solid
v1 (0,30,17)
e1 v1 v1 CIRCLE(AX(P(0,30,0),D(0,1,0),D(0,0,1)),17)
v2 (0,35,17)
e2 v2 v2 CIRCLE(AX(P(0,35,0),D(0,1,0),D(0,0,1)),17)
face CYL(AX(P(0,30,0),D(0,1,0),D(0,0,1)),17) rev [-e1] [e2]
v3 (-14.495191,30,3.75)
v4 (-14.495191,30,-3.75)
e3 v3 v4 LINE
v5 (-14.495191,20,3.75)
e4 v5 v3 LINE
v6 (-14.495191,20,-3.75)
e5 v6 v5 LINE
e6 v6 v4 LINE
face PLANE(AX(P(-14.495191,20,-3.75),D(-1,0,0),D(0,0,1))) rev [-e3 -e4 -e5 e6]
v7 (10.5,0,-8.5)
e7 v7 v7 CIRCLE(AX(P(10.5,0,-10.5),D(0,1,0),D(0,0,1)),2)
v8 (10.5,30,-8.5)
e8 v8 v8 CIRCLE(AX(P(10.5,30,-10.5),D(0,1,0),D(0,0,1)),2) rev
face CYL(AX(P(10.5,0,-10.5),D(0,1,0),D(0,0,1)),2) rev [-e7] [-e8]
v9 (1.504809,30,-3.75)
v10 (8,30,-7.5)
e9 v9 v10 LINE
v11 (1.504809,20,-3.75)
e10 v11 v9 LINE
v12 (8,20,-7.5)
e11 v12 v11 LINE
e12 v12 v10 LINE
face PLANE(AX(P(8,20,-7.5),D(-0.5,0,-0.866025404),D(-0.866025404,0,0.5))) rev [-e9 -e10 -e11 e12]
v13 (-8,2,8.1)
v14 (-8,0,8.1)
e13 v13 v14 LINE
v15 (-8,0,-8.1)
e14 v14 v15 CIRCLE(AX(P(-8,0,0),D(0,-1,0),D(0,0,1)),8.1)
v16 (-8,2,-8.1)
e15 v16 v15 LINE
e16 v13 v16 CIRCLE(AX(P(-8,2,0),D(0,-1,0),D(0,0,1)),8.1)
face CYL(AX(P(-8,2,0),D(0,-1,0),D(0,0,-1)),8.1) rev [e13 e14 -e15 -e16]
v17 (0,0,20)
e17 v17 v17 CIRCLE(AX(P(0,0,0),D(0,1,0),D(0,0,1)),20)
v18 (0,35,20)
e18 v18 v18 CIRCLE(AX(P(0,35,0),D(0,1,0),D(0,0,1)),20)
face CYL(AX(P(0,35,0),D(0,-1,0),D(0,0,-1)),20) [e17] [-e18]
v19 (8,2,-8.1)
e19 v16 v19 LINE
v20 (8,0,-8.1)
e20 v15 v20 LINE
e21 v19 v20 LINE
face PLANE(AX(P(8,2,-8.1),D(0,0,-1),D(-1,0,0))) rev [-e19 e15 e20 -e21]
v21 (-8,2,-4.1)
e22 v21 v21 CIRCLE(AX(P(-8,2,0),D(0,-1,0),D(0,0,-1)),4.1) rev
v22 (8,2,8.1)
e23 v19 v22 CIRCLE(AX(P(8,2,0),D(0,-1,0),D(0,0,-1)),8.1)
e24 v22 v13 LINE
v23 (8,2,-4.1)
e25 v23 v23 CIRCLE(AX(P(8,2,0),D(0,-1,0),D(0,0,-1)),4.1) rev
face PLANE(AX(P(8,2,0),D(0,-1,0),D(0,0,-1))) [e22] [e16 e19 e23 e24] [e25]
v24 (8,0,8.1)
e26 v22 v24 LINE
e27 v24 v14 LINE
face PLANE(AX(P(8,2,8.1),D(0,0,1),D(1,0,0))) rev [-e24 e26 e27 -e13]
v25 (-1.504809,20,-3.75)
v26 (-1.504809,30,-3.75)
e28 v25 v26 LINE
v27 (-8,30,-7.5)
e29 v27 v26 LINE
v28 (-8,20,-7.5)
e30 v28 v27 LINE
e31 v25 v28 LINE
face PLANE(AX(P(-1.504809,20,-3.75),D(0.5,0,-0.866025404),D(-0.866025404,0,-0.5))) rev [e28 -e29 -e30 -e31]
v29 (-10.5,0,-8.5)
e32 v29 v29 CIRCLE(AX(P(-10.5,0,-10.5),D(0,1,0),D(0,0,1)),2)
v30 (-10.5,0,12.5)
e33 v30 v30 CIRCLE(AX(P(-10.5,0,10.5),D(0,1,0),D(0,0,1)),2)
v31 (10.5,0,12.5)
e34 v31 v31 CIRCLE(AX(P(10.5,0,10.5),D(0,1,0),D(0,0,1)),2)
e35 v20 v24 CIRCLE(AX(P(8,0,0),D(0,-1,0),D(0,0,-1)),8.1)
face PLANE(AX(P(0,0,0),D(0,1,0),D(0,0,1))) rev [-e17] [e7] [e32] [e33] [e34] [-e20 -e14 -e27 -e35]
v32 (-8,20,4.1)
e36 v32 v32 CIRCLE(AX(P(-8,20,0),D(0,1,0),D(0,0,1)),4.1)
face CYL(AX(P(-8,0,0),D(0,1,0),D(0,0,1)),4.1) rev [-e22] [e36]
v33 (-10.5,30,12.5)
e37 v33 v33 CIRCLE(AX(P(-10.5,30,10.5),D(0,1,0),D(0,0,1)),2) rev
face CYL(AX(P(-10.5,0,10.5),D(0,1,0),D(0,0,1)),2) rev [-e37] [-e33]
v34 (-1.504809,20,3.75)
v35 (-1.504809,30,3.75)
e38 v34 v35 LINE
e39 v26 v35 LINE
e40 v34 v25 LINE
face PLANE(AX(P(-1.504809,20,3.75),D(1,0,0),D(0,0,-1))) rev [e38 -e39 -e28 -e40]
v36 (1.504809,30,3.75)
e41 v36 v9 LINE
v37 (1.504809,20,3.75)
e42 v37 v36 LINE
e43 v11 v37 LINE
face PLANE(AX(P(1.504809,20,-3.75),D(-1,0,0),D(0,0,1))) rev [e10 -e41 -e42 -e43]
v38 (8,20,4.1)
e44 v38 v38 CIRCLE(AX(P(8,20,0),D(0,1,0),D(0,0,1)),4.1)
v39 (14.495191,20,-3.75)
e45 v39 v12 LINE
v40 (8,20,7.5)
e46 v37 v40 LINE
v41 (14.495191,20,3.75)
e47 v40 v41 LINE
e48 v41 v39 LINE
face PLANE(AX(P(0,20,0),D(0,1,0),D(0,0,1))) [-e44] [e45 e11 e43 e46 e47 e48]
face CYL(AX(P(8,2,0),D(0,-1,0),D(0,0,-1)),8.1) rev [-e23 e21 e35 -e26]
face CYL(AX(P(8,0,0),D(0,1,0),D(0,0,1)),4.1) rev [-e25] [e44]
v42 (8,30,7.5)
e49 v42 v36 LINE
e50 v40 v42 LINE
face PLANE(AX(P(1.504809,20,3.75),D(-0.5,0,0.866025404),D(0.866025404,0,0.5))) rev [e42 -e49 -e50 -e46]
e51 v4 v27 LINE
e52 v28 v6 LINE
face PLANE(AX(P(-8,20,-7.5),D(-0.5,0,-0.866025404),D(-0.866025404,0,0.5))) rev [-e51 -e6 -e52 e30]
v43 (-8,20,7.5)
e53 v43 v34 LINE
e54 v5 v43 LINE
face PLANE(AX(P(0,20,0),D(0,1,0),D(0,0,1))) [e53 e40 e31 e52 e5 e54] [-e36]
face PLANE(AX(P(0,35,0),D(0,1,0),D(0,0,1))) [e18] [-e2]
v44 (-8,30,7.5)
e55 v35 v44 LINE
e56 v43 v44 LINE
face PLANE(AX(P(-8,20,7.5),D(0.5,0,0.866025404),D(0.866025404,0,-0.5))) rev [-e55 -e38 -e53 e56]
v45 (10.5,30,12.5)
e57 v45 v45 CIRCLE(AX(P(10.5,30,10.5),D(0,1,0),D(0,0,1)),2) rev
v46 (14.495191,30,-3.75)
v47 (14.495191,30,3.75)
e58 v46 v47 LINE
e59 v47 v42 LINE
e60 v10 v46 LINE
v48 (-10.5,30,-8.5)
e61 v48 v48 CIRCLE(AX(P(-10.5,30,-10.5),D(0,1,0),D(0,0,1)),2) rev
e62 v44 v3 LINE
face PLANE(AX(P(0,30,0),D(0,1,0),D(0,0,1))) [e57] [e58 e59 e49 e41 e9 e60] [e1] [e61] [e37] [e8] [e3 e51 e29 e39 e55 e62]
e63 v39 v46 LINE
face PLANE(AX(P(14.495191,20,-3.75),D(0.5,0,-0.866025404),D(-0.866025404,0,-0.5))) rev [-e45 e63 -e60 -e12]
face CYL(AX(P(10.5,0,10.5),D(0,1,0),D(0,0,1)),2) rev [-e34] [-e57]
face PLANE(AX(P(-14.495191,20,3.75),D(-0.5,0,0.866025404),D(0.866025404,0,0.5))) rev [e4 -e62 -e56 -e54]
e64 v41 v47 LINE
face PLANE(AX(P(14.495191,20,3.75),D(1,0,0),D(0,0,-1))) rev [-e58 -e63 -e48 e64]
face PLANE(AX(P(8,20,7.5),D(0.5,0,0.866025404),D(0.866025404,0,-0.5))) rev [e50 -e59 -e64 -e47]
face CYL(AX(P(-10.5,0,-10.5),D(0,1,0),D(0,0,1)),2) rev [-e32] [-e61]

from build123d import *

# Parameters (mm, degrees)
SKETCH1_R           = 20
BOSS_EXTRUDE1_DEPTH = 35
CUT_EXTRUDE1_DEPTH  = 15
SKETCH3_R           = 4.1
CUT_EXTRUDE2_DEPTH  = 21
SKETCH4_R           = 2
CUT_EXTRUDE3_DEPTH  = 36
SKETCH5_R           = 17
CUT_EXTRUDE4_DEPTH  = 5
CUT_EXTRUDE5_DEPTH  = 2


with BuildPart() as part:
    # Sketch1 → Boss-Extrude1 (new body)
    with BuildSketch(Plane(origin=(0, 0, 0), x_dir=(1, 0, 0), z_dir=(0, 1, 0))):
        Circle(SKETCH1_R)
    extrude(amount=BOSS_EXTRUDE1_DEPTH)

    # Sketch2 → Cut-Extrude1 (cut)
    with BuildSketch(Plane(origin=(0, 35, 0), x_dir=(1, 0, 0), z_dir=(0, 1, 0))):
        Polygon((-8, 7.5), (-14.495190528, 3.75), (-14.495190528, -3.75), (-8, -7.5), (-1.504809472, -3.75), (-1.504809472, 3.75), align=None)
        Polygon((8, 7.5), (1.504809472, 3.75), (1.504809472, -3.75), (8, -7.5), (14.495190528, -3.75), (14.495190528, 3.75), align=None)
    extrude(amount=-CUT_EXTRUDE1_DEPTH, mode=Mode.SUBTRACT)

    # Sketch3 → Cut-Extrude2 (cut, through all)
    with BuildSketch(Plane(origin=(0, 20, 0), x_dir=(1, 0, 0), z_dir=(0, 1, 0))):
        with Locations((-8, 0)):
            Circle(SKETCH3_R)
        with Locations((8, 0)):
            Circle(SKETCH3_R)
    extrude(amount=-CUT_EXTRUDE2_DEPTH, mode=Mode.SUBTRACT)

    # Sketch4 → Cut-Extrude3 (cut, through all)
    with BuildSketch(Plane(origin=(0, 35, 0), x_dir=(1, 0, 0), z_dir=(0, 1, 0))):
        with Locations((-10.5, 10.5)):
            Circle(SKETCH4_R)
        with Locations((10.5, 10.5)):
            Circle(SKETCH4_R)
        with Locations((10.5, -10.5)):
            Circle(SKETCH4_R)
        with Locations((-10.5, -10.5)):
            Circle(SKETCH4_R)
    extrude(amount=-CUT_EXTRUDE3_DEPTH, mode=Mode.SUBTRACT)

    # Sketch5 → Cut-Extrude4 (cut)
    with BuildSketch(Plane(origin=(0, 35, 0), x_dir=(1, 0, 0), z_dir=(0, 1, 0))):
        Circle(SKETCH5_R)
    extrude(amount=-CUT_EXTRUDE4_DEPTH, mode=Mode.SUBTRACT)

    # Sketch6 → Cut-Extrude5 (cut)
    with BuildSketch(Plane.XZ):
        with BuildLine():
            Line((8, -8.1), (-8, -8.1))
            ThreePointArc((-8, -8.1), (-16.1, 0), (-8, 8.1))
            Line((-8, 8.1), (8, 8.1))
            ThreePointArc((8, 8.1), (16.1, 0), (8, -8.1))
        make_face()
    extrude(amount=-CUT_EXTRUDE5_DEPTH, mode=Mode.SUBTRACT)


solid = part.part
